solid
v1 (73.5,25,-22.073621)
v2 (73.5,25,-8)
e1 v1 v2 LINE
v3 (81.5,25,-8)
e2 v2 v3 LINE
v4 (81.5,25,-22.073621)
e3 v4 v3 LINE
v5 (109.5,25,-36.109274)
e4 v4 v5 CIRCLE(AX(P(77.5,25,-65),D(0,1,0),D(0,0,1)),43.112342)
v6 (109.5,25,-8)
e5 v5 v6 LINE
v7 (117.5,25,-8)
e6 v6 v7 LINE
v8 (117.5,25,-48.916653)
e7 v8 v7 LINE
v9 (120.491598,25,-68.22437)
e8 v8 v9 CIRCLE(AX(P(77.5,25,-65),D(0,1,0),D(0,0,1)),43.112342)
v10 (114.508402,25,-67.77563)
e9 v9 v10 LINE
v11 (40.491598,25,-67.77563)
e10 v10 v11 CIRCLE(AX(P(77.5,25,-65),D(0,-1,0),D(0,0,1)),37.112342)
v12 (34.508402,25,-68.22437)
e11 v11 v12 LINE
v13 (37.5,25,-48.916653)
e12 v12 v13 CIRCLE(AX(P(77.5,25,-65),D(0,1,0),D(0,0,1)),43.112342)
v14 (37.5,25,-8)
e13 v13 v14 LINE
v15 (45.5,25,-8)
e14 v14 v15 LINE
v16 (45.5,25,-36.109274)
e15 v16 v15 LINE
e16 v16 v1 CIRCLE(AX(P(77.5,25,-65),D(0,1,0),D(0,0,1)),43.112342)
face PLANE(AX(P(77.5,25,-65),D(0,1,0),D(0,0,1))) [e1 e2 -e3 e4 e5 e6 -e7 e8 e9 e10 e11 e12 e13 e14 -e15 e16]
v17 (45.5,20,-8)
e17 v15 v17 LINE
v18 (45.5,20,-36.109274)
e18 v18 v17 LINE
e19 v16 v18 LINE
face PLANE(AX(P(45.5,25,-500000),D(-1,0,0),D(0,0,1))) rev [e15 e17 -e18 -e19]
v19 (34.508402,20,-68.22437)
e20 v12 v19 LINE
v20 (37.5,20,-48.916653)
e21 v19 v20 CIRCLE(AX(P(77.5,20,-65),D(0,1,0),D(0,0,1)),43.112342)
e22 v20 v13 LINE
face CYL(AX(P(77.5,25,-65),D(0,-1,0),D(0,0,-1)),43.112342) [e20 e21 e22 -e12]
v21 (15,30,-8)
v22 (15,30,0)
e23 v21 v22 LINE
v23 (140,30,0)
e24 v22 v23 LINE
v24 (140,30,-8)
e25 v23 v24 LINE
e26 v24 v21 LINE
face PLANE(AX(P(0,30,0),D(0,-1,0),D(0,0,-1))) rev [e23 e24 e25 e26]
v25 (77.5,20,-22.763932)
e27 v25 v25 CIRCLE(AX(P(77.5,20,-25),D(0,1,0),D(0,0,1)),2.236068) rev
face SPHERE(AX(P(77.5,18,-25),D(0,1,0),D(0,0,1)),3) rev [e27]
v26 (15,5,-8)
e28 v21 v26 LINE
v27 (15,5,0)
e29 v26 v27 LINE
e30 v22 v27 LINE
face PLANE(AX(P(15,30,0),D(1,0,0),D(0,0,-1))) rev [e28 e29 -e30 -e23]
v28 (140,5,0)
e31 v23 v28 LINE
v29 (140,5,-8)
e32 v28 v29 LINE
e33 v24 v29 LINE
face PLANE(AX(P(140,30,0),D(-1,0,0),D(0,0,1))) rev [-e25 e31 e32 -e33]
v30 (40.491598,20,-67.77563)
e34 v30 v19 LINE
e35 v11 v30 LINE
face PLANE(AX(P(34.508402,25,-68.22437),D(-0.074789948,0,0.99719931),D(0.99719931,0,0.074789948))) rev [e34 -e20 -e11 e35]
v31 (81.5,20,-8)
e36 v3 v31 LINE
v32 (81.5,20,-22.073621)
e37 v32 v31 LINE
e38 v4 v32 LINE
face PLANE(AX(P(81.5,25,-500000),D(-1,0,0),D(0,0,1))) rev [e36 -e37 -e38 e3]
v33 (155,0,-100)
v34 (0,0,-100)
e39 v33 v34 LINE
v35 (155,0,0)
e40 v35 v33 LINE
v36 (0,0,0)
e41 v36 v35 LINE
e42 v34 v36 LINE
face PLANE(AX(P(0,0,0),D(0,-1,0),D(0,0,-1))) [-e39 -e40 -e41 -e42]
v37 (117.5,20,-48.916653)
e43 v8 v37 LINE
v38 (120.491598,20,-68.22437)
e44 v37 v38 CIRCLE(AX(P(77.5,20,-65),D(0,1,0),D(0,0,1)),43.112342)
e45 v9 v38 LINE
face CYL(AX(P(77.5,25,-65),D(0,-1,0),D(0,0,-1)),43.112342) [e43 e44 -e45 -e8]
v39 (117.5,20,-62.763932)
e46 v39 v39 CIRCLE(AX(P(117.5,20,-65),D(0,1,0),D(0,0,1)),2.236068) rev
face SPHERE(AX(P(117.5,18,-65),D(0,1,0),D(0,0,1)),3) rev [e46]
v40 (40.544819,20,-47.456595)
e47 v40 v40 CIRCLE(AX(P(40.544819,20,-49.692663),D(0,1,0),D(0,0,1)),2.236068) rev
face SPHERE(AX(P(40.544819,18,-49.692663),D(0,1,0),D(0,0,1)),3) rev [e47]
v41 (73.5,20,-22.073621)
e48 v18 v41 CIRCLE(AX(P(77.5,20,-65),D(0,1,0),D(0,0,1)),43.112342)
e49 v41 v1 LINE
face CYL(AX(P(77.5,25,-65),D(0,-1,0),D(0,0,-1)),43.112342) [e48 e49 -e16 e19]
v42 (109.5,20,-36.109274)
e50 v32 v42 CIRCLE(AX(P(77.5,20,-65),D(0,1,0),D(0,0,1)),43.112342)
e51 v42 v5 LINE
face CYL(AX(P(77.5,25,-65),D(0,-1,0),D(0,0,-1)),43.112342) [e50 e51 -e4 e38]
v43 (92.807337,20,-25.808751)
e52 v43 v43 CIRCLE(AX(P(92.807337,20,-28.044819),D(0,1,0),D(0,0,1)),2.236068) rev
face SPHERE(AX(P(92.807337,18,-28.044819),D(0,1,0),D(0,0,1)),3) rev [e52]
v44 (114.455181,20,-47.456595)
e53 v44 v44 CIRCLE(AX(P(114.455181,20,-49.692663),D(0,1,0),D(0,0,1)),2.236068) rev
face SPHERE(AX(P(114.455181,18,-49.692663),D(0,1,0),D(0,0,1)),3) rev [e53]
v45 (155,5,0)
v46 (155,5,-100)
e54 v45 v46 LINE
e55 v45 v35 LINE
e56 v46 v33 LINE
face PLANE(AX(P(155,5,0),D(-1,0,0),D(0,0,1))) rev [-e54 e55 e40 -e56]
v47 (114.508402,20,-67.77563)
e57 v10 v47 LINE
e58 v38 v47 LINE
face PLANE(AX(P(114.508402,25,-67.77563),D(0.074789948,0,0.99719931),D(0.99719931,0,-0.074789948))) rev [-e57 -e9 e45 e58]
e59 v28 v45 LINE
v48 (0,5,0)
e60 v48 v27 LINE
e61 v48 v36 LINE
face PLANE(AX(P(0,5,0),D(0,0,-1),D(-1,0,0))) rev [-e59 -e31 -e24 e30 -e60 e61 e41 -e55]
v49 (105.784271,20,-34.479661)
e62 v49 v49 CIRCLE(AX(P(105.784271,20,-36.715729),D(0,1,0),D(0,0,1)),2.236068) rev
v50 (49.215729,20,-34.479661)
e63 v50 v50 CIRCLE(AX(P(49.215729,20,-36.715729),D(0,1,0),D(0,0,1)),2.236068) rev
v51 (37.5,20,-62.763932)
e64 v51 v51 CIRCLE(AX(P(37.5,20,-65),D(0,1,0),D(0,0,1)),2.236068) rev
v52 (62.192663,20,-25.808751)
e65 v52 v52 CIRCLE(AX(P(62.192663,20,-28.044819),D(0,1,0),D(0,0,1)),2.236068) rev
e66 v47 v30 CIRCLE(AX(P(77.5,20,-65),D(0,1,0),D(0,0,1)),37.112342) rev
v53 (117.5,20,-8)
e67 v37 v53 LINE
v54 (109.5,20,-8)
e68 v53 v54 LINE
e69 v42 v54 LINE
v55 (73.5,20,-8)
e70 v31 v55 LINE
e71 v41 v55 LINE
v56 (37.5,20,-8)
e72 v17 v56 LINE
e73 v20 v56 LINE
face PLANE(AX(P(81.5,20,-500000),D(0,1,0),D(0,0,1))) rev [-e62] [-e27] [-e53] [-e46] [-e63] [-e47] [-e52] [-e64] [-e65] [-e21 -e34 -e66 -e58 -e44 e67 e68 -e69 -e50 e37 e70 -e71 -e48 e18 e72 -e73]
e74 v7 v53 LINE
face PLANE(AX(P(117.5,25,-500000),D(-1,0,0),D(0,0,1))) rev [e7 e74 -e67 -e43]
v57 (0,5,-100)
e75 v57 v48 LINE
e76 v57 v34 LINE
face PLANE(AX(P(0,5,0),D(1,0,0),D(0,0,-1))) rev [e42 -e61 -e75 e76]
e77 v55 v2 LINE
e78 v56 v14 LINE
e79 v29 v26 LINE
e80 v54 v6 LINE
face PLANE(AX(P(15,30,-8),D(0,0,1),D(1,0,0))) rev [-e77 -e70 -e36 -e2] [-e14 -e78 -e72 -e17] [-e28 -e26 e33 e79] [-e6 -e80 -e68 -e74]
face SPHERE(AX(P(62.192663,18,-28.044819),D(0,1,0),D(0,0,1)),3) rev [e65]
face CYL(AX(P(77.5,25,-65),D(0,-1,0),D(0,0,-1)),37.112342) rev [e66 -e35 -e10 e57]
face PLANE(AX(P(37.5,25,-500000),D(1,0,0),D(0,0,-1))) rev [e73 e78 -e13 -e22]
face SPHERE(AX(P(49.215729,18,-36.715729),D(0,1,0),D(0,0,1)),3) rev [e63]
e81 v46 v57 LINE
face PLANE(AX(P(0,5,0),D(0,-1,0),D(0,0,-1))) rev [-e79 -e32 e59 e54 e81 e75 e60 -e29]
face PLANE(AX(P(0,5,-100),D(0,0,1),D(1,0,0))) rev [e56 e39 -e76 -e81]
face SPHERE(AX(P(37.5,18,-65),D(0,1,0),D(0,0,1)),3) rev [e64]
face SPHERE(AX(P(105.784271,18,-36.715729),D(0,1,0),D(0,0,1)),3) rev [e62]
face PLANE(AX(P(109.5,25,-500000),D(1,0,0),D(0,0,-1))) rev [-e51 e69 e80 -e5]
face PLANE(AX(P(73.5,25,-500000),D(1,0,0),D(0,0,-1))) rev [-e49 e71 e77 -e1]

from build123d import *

# Parameters (mm, degrees)
SKETCH_1_W               = 155
SKETCH_1_H               = 100
EXTRUDE_1_DEPTH          = 5
SKETCH_2_W               = 125
SKETCH_2_H               = 8
EXTRUDE_2_DEPTH          = 25
EXTRUDE_6_DEPTH          = 20
EXTRUDE_7_REACH          = 184.727
EXTRUDE_7_END_RADIUS     = 43.11234224
SKETCH_11_W              = 8
SKETCH_11_H              = 5
SKETCH_12_W              = 125
SKETCH_12_H              = 15
CUT_EXTRUDE_1_DEPTH      = 130
PATTERN_CIRCULAR_1_COUNT = 5
PATTERN_CIRCULAR_1_ANGLE = 90
F_1_THE_OTHER_WAY_COUNT  = 5
F_1_THE_OTHER_WAY_ANGLE  = 90


with BuildPart() as part:
    # 草图1 → 凸台-拉伸1 (new body)
    with BuildSketch(Plane(origin=(0, 0, 0), x_dir=(1, 0, 0), z_dir=(0, 1, 0))):
        with Locations((77.5, 50)):
            Rectangle(SKETCH_1_W, SKETCH_1_H)
    extrude(amount=EXTRUDE_1_DEPTH)

    # 草图2 → 凸台-拉伸2 (add)
    with BuildSketch(Plane(origin=(0, 5, 0), x_dir=(1, 0, 0), z_dir=(0, 1, 0))):
        with Locations((77.5, 4)):
            Rectangle(SKETCH_2_W, SKETCH_2_H)
    extrude(amount=EXTRUDE_2_DEPTH)

    # 草图7 → 凸台-拉伸6 (add)
    with BuildSketch(Plane(origin=(0, 5, 0), x_dir=(1, 0, 0), z_dir=(0, 1, 0))):
        with BuildLine():
            Line((34.50840207, 68.224369845), (40.49159793, 67.775630155))
            ThreePointArc((40.49159793, 67.775630155), (77.5, 27.88765776), (114.50840207, 67.775630155))
            Line((114.50840207, 67.775630155), (120.49159793, 68.224369845))
            ThreePointArc((120.49159793, 68.224369845), (77.5, 21.88765776), (34.50840207, 68.224369845))
        make_face()
    extrude(amount=EXTRUDE_6_DEPTH)

    # 凸台-拉伸7: up to this cylinder (the profile starts outside it)
    extrude_7_end = Plane(origin=(77.5, 22.5, -65), z_dir=(0, -1, 0)) * Cylinder(EXTRUDE_7_END_RADIUS, 456.67868448, mode=Mode.PRIVATE)
    # 草图11 → 凸台-拉伸7 (add, up to the surface)
    with BuildSketch(Plane(origin=(0, 0, -8), x_dir=(-1, 0, 0), z_dir=(0, 0, -1)), mode=Mode.PRIVATE) as extrude_7_sk1:
        with Locations((-77.5, 22.5)):
            Rectangle(SKETCH_11_W, SKETCH_11_H)
    extrude_7_tool1 = extrude(extrude_7_sk1.sketch, amount=EXTRUDE_7_REACH, mode=Mode.PRIVATE) - extrude_7_end
    add(extrude_7_tool1.solids().sort_by_distance((77.5, 22.5, -8))[0])
    # 草图11 → 凸台-拉伸7 (add, up to the surface)
    with BuildSketch(Plane(origin=(0, 0, -8), x_dir=(-1, 0, 0), z_dir=(0, 0, -1)), mode=Mode.PRIVATE) as extrude_7_sk2:
        with Locations((-41.5, 22.5)):
            Rectangle(SKETCH_11_W, SKETCH_11_H)
    extrude_7_tool2 = extrude(extrude_7_sk2.sketch, amount=EXTRUDE_7_REACH, mode=Mode.PRIVATE) - extrude_7_end
    add(extrude_7_tool2.solids().sort_by_distance((41.5, 22.5, -8))[0])
    # 草图11 → 凸台-拉伸7 (add, up to the surface)
    with BuildSketch(Plane(origin=(0, 0, -8), x_dir=(-1, 0, 0), z_dir=(0, 0, -1)), mode=Mode.PRIVATE) as extrude_7_sk3:
        with Locations((-113.5, 22.5)):
            Rectangle(SKETCH_11_W, SKETCH_11_H)
    extrude_7_tool3 = extrude(extrude_7_sk3.sketch, amount=EXTRUDE_7_REACH, mode=Mode.PRIVATE) - extrude_7_end
    add(extrude_7_tool3.solids().sort_by_distance((113.5, 22.5, -8))[0])

    # 草图12 → 切除-拉伸1 (cut)
    with BuildSketch(Plane(origin=(0, 0, -8), x_dir=(-1, 0, 0), z_dir=(0, 0, -1))):
        with Locations((-77.5, 12.5)):
            Rectangle(SKETCH_12_W, SKETCH_12_H)
    extrude(amount=CUT_EXTRUDE_1_DEPTH, mode=Mode.SUBTRACT)

    # 草图16 → 切除-旋转3 (revolve, cut)
    with BuildSketch(Plane(origin=(0, 18, 0), x_dir=(-1, 0, 0), z_dir=(0, -1, 0))):
        with BuildLine():
            Line((-80.5, 25), (-74.5, 25))
            ThreePointArc((-74.5, 25), (-77.5, 22), (-80.5, 25))
        make_face()
    cut_revolve_3 = revolve(axis=Axis((74.5, 18, -25), (1, 0, 0)), mode=Mode.SUBTRACT)

    # 阵列(圆周)1: 切除-旋转3 ×5 about axis
    pattern_circular_1_axis = Axis((77.5, 0, -65), (0, -1, 0))
    for i in range(1, PATTERN_CIRCULAR_1_COUNT):
        add(cut_revolve_3.rotate(pattern_circular_1_axis, i * PATTERN_CIRCULAR_1_ANGLE / (PATTERN_CIRCULAR_1_COUNT - 1)), mode=Mode.SUBTRACT)

    # 1 the other way: 切除-旋转3 ×5 about axis
    f_1_the_other_way_axis = Axis((77.5, 0, -65), (0, 1, 0))
    for i in range(1, F_1_THE_OTHER_WAY_COUNT):
        add(cut_revolve_3.rotate(f_1_the_other_way_axis, i * F_1_THE_OTHER_WAY_ANGLE / (F_1_THE_OTHER_WAY_COUNT - 1)), mode=Mode.SUBTRACT)


solid = part.part
